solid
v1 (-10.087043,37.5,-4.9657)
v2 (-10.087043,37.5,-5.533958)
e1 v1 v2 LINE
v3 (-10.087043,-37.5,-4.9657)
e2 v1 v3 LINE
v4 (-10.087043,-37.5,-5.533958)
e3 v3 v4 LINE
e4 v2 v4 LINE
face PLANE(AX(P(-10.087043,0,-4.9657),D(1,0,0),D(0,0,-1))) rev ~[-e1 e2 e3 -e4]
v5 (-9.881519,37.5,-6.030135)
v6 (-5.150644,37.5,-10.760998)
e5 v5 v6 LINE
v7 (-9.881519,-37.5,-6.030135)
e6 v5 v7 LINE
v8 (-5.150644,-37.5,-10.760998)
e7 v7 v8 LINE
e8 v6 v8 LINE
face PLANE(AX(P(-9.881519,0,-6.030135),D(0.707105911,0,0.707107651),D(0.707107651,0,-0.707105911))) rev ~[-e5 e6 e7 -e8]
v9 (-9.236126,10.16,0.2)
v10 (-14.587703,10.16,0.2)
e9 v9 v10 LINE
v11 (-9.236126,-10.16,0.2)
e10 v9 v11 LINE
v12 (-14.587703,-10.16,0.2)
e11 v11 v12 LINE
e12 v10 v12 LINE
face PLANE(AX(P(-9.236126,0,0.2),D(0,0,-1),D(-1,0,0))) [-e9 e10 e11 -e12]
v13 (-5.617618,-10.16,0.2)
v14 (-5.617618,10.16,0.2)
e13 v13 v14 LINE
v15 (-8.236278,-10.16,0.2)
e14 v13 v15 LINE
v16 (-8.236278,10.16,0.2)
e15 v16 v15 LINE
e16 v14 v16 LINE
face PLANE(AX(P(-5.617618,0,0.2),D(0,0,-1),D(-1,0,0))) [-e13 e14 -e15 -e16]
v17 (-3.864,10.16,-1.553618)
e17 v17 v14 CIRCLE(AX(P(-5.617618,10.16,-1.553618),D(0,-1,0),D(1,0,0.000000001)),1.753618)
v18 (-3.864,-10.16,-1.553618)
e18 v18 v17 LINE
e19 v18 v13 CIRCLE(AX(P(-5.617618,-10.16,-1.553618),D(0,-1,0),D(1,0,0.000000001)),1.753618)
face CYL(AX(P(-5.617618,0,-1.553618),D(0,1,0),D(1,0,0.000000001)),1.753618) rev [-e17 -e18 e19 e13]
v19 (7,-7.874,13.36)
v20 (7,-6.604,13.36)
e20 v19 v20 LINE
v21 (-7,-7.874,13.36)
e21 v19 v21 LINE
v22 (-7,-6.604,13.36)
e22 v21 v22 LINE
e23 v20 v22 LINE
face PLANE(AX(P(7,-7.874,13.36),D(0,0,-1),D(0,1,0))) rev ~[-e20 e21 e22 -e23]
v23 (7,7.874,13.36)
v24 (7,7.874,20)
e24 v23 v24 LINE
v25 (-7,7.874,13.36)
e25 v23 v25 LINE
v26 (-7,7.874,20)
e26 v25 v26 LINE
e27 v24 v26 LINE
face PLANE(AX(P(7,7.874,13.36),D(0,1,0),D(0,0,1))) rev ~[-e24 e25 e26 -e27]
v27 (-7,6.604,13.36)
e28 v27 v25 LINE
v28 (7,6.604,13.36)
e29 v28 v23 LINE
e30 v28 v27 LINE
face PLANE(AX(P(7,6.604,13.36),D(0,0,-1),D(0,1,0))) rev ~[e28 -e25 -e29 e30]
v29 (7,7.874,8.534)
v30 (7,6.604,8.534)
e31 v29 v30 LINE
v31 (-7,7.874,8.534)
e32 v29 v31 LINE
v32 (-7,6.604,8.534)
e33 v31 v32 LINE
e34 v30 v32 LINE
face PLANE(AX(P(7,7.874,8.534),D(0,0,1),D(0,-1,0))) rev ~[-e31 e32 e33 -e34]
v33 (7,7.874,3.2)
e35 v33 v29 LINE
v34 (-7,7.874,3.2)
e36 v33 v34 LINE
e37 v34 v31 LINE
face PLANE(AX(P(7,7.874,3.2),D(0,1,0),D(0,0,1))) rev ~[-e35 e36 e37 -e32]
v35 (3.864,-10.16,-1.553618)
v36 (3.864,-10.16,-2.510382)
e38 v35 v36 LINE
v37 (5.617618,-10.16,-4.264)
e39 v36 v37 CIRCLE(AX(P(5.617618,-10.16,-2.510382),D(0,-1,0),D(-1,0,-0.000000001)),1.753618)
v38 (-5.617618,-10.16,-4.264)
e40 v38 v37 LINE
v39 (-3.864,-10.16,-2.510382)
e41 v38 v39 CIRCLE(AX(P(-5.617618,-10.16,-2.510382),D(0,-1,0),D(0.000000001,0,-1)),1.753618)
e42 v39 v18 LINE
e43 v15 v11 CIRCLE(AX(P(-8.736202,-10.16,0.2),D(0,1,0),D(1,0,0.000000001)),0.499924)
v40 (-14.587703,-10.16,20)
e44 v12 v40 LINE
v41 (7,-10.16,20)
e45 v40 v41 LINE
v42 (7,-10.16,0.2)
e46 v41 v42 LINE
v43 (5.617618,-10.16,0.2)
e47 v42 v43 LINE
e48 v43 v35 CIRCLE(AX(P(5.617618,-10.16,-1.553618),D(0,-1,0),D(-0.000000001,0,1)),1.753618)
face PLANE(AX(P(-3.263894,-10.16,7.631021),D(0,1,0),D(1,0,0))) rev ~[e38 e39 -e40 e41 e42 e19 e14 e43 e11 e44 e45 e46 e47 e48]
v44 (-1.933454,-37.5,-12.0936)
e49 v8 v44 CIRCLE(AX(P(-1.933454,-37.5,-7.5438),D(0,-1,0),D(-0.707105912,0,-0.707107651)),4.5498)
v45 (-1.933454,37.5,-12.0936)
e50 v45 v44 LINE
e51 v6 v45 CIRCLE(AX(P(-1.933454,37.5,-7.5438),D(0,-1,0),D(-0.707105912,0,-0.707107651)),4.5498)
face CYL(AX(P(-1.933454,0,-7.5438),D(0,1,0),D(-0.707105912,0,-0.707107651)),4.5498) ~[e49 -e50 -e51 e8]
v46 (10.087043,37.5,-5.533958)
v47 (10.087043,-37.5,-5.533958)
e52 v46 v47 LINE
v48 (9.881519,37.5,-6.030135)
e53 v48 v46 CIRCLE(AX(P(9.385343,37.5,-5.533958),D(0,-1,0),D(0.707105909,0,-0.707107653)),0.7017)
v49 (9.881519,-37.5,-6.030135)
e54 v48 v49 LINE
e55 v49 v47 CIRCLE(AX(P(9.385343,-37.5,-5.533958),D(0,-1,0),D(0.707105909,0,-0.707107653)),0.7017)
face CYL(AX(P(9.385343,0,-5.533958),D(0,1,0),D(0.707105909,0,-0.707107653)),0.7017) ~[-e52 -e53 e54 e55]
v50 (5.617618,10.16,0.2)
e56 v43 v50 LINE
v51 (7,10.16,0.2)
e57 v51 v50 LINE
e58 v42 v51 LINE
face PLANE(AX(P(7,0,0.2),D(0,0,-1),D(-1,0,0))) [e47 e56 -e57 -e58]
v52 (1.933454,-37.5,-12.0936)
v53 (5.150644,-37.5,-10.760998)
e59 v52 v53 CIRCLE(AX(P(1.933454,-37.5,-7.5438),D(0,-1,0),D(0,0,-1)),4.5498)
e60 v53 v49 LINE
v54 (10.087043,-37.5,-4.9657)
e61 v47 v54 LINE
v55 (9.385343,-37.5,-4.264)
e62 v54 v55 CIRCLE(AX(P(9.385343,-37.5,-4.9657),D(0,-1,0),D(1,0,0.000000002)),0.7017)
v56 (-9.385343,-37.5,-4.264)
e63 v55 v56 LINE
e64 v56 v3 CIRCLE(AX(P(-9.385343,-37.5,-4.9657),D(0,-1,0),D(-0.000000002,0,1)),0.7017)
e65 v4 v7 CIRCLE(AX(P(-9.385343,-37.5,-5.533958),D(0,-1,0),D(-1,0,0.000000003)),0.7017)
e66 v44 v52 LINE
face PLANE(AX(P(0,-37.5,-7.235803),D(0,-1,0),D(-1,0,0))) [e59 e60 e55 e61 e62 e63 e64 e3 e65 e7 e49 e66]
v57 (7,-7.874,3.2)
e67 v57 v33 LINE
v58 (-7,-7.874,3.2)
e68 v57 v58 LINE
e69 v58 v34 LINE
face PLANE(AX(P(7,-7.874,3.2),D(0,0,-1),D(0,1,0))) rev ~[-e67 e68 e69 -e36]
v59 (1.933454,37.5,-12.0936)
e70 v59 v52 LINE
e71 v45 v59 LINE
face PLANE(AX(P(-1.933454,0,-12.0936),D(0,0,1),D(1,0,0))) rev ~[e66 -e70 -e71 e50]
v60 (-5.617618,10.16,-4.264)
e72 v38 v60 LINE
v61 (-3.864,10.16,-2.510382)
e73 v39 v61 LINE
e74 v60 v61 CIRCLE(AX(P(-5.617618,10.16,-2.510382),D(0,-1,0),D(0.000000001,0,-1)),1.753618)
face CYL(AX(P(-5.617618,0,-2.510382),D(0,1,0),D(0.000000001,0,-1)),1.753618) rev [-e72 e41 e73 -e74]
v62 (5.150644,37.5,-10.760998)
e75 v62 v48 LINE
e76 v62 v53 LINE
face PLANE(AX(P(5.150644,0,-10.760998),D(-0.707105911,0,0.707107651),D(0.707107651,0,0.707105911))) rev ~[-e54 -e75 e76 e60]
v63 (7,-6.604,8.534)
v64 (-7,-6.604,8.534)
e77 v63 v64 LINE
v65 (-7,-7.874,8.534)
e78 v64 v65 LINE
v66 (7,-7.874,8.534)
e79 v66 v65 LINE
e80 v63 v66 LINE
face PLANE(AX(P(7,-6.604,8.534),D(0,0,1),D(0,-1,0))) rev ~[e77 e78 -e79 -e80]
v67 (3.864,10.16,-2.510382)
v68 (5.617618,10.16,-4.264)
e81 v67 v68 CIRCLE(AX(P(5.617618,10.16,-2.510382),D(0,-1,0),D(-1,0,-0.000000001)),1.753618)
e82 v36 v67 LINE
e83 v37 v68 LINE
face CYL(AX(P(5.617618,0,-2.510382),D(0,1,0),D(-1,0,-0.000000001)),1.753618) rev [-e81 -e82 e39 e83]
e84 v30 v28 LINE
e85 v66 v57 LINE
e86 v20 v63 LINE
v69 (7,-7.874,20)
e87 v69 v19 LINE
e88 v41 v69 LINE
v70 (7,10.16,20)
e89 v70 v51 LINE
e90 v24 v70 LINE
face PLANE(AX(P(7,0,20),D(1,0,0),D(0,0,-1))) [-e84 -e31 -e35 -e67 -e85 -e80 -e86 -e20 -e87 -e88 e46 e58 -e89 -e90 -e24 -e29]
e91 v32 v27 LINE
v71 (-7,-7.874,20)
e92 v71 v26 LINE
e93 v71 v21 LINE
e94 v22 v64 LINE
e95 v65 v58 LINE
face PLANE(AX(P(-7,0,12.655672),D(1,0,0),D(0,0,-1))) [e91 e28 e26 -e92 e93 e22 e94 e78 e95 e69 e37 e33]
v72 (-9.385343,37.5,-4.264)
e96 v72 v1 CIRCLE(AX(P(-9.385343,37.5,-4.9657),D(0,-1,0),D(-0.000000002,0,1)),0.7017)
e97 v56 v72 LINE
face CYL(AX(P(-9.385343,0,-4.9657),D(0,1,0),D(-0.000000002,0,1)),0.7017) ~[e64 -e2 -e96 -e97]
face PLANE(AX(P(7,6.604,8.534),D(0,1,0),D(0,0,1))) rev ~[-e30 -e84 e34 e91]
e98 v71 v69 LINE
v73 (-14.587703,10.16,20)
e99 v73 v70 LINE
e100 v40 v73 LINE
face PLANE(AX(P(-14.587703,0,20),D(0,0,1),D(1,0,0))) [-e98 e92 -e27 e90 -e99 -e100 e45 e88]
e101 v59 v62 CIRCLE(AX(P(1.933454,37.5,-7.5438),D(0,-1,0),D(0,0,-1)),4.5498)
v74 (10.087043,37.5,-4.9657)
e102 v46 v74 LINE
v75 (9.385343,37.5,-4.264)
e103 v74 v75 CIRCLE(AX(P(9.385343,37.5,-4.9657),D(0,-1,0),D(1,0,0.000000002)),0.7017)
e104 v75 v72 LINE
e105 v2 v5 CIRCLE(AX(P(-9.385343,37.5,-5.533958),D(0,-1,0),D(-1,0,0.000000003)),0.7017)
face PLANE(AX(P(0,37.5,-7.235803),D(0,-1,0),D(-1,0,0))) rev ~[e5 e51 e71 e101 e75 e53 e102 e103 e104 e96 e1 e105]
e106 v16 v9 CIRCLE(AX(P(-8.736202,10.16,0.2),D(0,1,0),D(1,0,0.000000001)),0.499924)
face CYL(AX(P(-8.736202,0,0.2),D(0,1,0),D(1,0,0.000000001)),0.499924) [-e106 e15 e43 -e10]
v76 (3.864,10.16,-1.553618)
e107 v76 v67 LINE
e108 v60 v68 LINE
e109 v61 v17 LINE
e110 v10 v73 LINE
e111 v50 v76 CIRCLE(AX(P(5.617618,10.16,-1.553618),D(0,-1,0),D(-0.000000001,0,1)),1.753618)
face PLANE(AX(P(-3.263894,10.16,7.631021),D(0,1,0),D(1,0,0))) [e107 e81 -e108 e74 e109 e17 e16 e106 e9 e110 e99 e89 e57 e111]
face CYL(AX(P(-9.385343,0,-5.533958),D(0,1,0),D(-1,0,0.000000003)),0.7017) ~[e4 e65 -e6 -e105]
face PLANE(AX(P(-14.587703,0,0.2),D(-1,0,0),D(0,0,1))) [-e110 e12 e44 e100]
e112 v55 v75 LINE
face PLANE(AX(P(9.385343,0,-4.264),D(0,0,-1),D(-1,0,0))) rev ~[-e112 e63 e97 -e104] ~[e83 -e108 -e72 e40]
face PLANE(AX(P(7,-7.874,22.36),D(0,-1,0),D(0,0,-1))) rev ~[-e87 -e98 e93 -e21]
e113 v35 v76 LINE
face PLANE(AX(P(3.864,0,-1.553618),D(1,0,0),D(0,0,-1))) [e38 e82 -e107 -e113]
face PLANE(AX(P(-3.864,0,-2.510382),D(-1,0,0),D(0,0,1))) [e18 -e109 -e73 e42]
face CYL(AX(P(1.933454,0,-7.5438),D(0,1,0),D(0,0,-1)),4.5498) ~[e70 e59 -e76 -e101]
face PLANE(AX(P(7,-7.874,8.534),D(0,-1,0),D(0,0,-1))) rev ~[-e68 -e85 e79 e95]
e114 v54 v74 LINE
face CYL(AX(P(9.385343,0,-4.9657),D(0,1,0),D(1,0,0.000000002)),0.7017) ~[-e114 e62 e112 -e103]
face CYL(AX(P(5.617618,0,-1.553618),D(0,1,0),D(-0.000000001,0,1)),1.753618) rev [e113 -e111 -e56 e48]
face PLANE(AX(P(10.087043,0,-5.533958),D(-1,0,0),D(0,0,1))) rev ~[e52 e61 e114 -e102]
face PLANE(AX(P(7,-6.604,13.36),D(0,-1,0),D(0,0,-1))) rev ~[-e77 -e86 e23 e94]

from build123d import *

# Parameters (mm, degrees)
BOSS_EXTRUDE6_DEPTH = 37.5
BOSS_EXTRUDE1_DEPTH = 10.16
CUT_EXTRUDE4_DEPTH  = 14


with BuildPart() as part:
    # Sketch15 → Boss-Extrude6 (new, symmetric)
    with BuildSketch(Plane(origin=(0, 0, 0), x_dir=(1, 0, 0), z_dir=(0, 1, 0))):
        with BuildLine():
            Line((-5.617617549, 4.264), (-9.385342517, 4.264))
            ThreePointArc((-9.385342517, 4.264), (-9.881519345, 4.469523172), (-10.087042517, 4.9657))
            Line((-10.087042517, 4.9657), (-10.087042517, 5.533957914))
            ThreePointArc((-10.087042517, 5.533957914), (-10.03362862, 5.802487278), (-9.881518735, 6.030135353))
            Line((-9.881518735, 6.030135353), (-5.15064406, 10.76099839))
            ThreePointArc((-5.15064406, 10.76099839), (-3.674584079, 11.747268168), (-1.933453584, 12.0936))
            Line((-1.933453584, 12.0936), (1.933453584, 12.0936))
            ThreePointArc((1.933453584, 12.0936), (3.674584079, 11.747268168), (5.15064406, 10.76099839))
            Line((5.15064406, 10.76099839), (9.881518735, 6.030135353))
            ThreePointArc((9.881518735, 6.030135353), (10.03362862, 5.802487278), (10.087042517, 5.533957914))
            Line((10.087042517, 5.533957914), (10.087042517, 4.9657))
            ThreePointArc((10.087042517, 4.9657), (9.881519345, 4.469523172), (9.385342517, 4.264))
            Line((9.385342517, 4.264), (5.617617549, 4.264))
            Line((5.617617549, 4.264), (-5.617617549, 4.264))
        make_face()
    extrude(amount=BOSS_EXTRUDE6_DEPTH, both=True)

    # Sketch1 → Boss-Extrude1 (add, symmetric)
    with BuildSketch(Plane(origin=(0, 0, 0), x_dir=(1, 0, 0), z_dir=(0, 1, 0))):
        with BuildLine():
            Line((-14.587702875, -0.2), (-14.587702875, -20))
            Line((-14.587702875, -20), (7, -20))
            Line((7, -20), (7, -0.2))
            Line((7, -0.2), (5.617617549, -0.2))
            ThreePointArc((5.617617549, -0.2), (4.377622689, 0.313622689), (3.864, 1.553617549))
            Line((3.864, 1.553617549), (3.864, 2.510382451))
            ThreePointArc((3.864, 2.510382451), (4.377622689, 3.750377311), (5.617617549, 4.264))
            Line((5.617617549, 4.264), (5.617617549, 5))
            Line((5.617617549, 5), (-5.617617549, 5))
            Line((-5.617617549, 5), (-5.617617549, 4.264))
            ThreePointArc((-5.617617549, 4.264), (-4.377622689, 3.750377311), (-3.864, 2.510382451))
            Line((-3.864, 2.510382451), (-3.864, 1.553617549))
            ThreePointArc((-3.864, 1.553617549), (-4.377622689, 0.313622689), (-5.617617549, -0.2))
            Line((-5.617617549, -0.2), (-8.236278456, -0.2))
            ThreePointArc((-8.236278456, -0.2), (-8.736202395, 0.29992394), (-9.236126335, -0.2))
            Line((-9.236126335, -0.2), (-14.587702875, -0.2))
        make_face()
    extrude(amount=BOSS_EXTRUDE1_DEPTH, both=True)

    # Sketch12 → Cut-Extrude4 (cut)
    with BuildSketch(Plane(origin=(7, 0, 0), x_dir=(0, 0, -1), z_dir=(1, 0, 0))):
        Polygon((-22.36, 7.874), (-22.36, -7.874), (-13.36, -7.874), (-13.36, -6.604), (-8.534, -6.604), (-8.534, -7.874), (-3.2, -7.874), (-3.2, 7.874), (-8.534, 7.874), (-8.534, 6.604), (-13.36, 6.604), (-13.36, 7.874), align=None)
    extrude(amount=-CUT_EXTRUDE4_DEPTH, mode=Mode.SUBTRACT)


solid = part.part
